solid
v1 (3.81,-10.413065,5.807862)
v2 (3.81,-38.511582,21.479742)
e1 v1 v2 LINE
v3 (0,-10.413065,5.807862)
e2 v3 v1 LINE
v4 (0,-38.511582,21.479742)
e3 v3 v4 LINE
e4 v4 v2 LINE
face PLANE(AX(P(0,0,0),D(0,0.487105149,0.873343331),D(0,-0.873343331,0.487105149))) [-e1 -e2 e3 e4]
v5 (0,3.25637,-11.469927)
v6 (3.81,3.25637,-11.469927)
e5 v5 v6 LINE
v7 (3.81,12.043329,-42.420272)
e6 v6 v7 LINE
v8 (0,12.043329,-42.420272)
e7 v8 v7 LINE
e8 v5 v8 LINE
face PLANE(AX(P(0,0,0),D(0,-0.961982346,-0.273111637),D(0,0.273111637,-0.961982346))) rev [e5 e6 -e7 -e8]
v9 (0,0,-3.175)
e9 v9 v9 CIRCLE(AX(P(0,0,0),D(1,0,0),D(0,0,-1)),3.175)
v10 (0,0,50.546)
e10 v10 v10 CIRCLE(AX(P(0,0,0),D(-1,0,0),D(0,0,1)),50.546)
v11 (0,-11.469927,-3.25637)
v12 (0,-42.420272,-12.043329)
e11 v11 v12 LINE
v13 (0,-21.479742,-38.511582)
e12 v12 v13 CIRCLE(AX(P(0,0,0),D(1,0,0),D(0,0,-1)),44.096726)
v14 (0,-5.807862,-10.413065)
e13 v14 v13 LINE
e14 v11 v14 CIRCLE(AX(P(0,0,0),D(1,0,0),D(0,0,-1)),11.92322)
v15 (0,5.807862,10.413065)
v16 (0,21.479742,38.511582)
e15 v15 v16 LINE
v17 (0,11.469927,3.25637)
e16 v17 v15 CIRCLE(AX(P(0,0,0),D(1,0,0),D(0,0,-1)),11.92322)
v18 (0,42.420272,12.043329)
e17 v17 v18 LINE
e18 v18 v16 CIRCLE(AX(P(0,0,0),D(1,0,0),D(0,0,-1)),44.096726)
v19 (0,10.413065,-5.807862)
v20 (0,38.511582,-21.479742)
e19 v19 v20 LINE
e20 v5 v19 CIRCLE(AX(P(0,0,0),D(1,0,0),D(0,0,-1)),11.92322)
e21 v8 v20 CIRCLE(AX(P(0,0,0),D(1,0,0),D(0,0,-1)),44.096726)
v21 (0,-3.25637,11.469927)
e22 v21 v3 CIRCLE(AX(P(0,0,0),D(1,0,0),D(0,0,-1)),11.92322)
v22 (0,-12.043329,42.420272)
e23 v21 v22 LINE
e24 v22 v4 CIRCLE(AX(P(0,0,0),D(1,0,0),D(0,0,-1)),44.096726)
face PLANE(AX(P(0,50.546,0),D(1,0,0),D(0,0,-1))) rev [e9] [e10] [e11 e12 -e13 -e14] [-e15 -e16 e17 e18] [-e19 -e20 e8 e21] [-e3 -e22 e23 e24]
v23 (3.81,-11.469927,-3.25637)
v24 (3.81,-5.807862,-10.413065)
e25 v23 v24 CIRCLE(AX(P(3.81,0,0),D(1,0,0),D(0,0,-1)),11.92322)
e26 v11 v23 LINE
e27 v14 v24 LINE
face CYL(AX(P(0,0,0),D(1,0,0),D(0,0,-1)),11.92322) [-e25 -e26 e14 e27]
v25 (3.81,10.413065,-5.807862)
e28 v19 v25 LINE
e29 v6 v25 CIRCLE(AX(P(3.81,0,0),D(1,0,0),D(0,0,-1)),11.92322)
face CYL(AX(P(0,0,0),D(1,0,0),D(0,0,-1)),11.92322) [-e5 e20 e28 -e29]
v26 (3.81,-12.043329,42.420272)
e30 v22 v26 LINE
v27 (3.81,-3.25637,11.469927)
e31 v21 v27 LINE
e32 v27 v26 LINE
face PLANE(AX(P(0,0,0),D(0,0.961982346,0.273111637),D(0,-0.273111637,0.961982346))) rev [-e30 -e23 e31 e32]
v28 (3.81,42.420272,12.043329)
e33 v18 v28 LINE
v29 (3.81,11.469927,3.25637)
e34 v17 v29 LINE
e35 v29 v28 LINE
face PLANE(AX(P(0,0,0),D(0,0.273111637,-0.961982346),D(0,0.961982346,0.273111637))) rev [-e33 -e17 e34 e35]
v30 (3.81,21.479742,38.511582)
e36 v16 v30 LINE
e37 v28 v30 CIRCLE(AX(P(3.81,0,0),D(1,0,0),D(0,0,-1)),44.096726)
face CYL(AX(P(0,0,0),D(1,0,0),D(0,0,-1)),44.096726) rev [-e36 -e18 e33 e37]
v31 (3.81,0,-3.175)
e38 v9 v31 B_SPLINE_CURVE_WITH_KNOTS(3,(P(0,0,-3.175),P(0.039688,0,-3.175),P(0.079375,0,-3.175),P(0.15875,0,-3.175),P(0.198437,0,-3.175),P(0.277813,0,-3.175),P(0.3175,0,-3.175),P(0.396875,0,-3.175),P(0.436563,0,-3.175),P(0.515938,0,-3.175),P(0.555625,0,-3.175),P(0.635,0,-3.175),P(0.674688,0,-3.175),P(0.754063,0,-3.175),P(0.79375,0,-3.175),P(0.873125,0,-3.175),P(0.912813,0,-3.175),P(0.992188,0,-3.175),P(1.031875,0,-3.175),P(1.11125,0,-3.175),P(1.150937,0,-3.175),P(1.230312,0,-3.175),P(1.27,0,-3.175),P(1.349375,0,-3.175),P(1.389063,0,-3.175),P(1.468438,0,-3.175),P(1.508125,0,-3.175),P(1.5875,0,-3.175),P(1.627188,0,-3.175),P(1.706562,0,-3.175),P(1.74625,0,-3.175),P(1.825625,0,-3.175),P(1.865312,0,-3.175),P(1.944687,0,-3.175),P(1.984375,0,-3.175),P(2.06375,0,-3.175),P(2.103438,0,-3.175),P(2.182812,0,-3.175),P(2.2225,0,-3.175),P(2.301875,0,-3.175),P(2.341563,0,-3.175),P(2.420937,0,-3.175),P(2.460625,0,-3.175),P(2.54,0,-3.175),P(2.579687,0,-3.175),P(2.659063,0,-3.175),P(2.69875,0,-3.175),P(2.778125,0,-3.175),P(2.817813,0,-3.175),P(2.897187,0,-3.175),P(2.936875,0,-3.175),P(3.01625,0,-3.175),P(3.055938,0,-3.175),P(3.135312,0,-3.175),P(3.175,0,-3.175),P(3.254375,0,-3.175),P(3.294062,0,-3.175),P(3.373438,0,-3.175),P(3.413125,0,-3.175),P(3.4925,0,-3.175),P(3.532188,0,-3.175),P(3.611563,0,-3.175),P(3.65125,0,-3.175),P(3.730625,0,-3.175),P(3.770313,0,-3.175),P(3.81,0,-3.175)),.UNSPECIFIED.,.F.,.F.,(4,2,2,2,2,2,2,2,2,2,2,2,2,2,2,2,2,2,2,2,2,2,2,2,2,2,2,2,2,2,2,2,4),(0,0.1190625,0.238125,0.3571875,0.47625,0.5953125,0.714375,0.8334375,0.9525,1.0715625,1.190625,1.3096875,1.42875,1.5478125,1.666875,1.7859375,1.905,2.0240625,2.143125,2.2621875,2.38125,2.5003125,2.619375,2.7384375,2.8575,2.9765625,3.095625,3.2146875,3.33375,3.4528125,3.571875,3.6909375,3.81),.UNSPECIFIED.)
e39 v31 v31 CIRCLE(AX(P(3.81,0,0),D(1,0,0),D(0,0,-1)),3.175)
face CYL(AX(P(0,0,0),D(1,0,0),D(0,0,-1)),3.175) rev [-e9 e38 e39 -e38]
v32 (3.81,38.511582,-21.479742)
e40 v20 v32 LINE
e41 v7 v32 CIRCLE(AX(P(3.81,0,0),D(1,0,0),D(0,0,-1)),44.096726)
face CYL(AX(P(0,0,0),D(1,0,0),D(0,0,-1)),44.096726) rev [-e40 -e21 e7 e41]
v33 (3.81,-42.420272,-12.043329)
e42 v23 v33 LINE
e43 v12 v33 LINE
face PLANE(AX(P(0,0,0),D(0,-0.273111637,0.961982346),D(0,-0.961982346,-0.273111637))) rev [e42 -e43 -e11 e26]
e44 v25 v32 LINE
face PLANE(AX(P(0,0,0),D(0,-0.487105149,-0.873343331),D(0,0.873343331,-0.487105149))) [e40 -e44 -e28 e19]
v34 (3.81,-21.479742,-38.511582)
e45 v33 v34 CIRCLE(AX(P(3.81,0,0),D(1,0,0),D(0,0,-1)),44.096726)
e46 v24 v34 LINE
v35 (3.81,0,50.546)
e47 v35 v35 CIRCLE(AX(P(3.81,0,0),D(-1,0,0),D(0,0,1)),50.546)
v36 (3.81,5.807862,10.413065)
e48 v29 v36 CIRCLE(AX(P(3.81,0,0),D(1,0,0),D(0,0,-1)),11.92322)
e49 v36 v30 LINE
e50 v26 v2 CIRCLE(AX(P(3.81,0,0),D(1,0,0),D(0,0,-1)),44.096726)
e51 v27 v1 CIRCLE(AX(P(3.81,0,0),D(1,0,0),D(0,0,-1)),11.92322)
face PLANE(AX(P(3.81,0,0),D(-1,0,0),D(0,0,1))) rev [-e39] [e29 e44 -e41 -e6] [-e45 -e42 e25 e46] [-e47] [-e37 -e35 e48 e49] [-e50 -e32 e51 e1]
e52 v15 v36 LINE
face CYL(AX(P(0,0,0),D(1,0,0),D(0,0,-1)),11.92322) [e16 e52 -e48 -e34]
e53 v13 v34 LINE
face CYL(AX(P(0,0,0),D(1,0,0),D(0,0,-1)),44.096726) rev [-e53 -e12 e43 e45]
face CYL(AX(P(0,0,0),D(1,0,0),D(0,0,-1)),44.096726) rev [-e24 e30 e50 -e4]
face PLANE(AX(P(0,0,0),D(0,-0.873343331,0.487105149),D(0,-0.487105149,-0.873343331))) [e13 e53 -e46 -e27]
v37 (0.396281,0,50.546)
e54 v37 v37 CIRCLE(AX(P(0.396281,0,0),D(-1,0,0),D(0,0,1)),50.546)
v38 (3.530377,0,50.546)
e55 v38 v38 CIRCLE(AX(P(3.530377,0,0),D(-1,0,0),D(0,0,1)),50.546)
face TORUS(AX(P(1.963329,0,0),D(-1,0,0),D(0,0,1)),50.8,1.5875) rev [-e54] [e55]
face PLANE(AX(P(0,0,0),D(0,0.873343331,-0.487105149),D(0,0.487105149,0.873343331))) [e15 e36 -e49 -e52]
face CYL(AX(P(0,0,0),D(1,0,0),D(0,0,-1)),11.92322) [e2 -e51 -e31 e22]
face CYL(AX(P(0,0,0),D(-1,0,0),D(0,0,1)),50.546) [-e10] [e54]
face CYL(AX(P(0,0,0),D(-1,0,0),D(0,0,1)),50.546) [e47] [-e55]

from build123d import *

# Parameters (mm, degrees)
SKETCH2_R          = 3.175
CUT_EXTRUDE1_DEPTH = 72.584302274


with BuildPart() as part:
    # Sketch1 → Revolve1 (revolve)
    with BuildSketch(Plane.XY, mode=Mode.PRIVATE) as revolve1_sk:
        with BuildLine():
            Line((0, 0), (3.81, 0))
            Line((3.81, 0), (3.81, 50.546))
            Line((3.81, 50.546), (3.530377137, 50.546))
            ThreePointArc((3.530377137, 50.546), (1.963328877, 49.2125), (0.396280616, 50.546))
            Line((0.396280616, 50.546), (0, 50.546))
            Line((0, 50.546), (0, 0))
        make_face()
    revolve(revolve1_sk.sketch.rotate(Axis((0, 0, 0), (1, 0, 0)), 90), axis=Axis((0, 0, 0), (1, 0, 0)))

    # Sketch2 → Cut-Extrude1 (cut, through all)
    with BuildSketch(Plane(origin=(3.81, 0, 0), x_dir=(0, 0, -1), z_dir=(1, 0, 0))):
        with BuildLine():
            Line((-38.511581654, 21.479742361), (-10.413064573, 5.807861807))
            ThreePointArc((-10.413064573, 5.807861807), (-7.397844739, 9.350671943), (-3.256370105, 11.46992704))
            Line((-3.256370105, 11.46992704), (-12.04332906, 42.420272023))
            ThreePointArc((-12.04332906, 42.420272023), (-27.360120522, 34.582438584), (-38.511581654, 21.479742361))
        make_face()
        with BuildLine():
            Line((21.479742361, 38.511581654), (5.807861807, 10.413064573))
            ThreePointArc((5.807861807, 10.413064573), (9.350671943, 7.397844739), (11.46992704, 3.256370105))
            Line((11.46992704, 3.256370105), (42.420272023, 12.04332906))
            ThreePointArc((42.420272023, 12.04332906), (34.582438584, 27.360120522), (21.479742361, 38.511581654))
        make_face()
        with BuildLine():
            Line((38.511581654, -21.479742361), (10.413064573, -5.807861807))
            ThreePointArc((10.413064573, -5.807861807), (7.397844739, -9.350671943), (3.256370105, -11.46992704))
            Line((3.256370105, -11.46992704), (12.04332906, -42.420272023))
            ThreePointArc((12.04332906, -42.420272023), (27.360120522, -34.582438584), (38.511581654, -21.479742361))
        make_face()
        with BuildLine():
            Line((-21.479742361, -38.511581654), (-5.807861807, -10.413064573))
            ThreePointArc((-5.807861807, -10.413064573), (-9.350671943, -7.397844739), (-11.46992704, -3.256370105))
            Line((-11.46992704, -3.256370105), (-42.420272023, -12.04332906))
            ThreePointArc((-42.420272023, -12.04332906), (-34.582438584, -27.360120522), (-21.479742361, -38.511581654))
        make_face()
        Circle(SKETCH2_R)
    extrude(amount=-CUT_EXTRUDE1_DEPTH, mode=Mode.SUBTRACT)


solid = part.part
